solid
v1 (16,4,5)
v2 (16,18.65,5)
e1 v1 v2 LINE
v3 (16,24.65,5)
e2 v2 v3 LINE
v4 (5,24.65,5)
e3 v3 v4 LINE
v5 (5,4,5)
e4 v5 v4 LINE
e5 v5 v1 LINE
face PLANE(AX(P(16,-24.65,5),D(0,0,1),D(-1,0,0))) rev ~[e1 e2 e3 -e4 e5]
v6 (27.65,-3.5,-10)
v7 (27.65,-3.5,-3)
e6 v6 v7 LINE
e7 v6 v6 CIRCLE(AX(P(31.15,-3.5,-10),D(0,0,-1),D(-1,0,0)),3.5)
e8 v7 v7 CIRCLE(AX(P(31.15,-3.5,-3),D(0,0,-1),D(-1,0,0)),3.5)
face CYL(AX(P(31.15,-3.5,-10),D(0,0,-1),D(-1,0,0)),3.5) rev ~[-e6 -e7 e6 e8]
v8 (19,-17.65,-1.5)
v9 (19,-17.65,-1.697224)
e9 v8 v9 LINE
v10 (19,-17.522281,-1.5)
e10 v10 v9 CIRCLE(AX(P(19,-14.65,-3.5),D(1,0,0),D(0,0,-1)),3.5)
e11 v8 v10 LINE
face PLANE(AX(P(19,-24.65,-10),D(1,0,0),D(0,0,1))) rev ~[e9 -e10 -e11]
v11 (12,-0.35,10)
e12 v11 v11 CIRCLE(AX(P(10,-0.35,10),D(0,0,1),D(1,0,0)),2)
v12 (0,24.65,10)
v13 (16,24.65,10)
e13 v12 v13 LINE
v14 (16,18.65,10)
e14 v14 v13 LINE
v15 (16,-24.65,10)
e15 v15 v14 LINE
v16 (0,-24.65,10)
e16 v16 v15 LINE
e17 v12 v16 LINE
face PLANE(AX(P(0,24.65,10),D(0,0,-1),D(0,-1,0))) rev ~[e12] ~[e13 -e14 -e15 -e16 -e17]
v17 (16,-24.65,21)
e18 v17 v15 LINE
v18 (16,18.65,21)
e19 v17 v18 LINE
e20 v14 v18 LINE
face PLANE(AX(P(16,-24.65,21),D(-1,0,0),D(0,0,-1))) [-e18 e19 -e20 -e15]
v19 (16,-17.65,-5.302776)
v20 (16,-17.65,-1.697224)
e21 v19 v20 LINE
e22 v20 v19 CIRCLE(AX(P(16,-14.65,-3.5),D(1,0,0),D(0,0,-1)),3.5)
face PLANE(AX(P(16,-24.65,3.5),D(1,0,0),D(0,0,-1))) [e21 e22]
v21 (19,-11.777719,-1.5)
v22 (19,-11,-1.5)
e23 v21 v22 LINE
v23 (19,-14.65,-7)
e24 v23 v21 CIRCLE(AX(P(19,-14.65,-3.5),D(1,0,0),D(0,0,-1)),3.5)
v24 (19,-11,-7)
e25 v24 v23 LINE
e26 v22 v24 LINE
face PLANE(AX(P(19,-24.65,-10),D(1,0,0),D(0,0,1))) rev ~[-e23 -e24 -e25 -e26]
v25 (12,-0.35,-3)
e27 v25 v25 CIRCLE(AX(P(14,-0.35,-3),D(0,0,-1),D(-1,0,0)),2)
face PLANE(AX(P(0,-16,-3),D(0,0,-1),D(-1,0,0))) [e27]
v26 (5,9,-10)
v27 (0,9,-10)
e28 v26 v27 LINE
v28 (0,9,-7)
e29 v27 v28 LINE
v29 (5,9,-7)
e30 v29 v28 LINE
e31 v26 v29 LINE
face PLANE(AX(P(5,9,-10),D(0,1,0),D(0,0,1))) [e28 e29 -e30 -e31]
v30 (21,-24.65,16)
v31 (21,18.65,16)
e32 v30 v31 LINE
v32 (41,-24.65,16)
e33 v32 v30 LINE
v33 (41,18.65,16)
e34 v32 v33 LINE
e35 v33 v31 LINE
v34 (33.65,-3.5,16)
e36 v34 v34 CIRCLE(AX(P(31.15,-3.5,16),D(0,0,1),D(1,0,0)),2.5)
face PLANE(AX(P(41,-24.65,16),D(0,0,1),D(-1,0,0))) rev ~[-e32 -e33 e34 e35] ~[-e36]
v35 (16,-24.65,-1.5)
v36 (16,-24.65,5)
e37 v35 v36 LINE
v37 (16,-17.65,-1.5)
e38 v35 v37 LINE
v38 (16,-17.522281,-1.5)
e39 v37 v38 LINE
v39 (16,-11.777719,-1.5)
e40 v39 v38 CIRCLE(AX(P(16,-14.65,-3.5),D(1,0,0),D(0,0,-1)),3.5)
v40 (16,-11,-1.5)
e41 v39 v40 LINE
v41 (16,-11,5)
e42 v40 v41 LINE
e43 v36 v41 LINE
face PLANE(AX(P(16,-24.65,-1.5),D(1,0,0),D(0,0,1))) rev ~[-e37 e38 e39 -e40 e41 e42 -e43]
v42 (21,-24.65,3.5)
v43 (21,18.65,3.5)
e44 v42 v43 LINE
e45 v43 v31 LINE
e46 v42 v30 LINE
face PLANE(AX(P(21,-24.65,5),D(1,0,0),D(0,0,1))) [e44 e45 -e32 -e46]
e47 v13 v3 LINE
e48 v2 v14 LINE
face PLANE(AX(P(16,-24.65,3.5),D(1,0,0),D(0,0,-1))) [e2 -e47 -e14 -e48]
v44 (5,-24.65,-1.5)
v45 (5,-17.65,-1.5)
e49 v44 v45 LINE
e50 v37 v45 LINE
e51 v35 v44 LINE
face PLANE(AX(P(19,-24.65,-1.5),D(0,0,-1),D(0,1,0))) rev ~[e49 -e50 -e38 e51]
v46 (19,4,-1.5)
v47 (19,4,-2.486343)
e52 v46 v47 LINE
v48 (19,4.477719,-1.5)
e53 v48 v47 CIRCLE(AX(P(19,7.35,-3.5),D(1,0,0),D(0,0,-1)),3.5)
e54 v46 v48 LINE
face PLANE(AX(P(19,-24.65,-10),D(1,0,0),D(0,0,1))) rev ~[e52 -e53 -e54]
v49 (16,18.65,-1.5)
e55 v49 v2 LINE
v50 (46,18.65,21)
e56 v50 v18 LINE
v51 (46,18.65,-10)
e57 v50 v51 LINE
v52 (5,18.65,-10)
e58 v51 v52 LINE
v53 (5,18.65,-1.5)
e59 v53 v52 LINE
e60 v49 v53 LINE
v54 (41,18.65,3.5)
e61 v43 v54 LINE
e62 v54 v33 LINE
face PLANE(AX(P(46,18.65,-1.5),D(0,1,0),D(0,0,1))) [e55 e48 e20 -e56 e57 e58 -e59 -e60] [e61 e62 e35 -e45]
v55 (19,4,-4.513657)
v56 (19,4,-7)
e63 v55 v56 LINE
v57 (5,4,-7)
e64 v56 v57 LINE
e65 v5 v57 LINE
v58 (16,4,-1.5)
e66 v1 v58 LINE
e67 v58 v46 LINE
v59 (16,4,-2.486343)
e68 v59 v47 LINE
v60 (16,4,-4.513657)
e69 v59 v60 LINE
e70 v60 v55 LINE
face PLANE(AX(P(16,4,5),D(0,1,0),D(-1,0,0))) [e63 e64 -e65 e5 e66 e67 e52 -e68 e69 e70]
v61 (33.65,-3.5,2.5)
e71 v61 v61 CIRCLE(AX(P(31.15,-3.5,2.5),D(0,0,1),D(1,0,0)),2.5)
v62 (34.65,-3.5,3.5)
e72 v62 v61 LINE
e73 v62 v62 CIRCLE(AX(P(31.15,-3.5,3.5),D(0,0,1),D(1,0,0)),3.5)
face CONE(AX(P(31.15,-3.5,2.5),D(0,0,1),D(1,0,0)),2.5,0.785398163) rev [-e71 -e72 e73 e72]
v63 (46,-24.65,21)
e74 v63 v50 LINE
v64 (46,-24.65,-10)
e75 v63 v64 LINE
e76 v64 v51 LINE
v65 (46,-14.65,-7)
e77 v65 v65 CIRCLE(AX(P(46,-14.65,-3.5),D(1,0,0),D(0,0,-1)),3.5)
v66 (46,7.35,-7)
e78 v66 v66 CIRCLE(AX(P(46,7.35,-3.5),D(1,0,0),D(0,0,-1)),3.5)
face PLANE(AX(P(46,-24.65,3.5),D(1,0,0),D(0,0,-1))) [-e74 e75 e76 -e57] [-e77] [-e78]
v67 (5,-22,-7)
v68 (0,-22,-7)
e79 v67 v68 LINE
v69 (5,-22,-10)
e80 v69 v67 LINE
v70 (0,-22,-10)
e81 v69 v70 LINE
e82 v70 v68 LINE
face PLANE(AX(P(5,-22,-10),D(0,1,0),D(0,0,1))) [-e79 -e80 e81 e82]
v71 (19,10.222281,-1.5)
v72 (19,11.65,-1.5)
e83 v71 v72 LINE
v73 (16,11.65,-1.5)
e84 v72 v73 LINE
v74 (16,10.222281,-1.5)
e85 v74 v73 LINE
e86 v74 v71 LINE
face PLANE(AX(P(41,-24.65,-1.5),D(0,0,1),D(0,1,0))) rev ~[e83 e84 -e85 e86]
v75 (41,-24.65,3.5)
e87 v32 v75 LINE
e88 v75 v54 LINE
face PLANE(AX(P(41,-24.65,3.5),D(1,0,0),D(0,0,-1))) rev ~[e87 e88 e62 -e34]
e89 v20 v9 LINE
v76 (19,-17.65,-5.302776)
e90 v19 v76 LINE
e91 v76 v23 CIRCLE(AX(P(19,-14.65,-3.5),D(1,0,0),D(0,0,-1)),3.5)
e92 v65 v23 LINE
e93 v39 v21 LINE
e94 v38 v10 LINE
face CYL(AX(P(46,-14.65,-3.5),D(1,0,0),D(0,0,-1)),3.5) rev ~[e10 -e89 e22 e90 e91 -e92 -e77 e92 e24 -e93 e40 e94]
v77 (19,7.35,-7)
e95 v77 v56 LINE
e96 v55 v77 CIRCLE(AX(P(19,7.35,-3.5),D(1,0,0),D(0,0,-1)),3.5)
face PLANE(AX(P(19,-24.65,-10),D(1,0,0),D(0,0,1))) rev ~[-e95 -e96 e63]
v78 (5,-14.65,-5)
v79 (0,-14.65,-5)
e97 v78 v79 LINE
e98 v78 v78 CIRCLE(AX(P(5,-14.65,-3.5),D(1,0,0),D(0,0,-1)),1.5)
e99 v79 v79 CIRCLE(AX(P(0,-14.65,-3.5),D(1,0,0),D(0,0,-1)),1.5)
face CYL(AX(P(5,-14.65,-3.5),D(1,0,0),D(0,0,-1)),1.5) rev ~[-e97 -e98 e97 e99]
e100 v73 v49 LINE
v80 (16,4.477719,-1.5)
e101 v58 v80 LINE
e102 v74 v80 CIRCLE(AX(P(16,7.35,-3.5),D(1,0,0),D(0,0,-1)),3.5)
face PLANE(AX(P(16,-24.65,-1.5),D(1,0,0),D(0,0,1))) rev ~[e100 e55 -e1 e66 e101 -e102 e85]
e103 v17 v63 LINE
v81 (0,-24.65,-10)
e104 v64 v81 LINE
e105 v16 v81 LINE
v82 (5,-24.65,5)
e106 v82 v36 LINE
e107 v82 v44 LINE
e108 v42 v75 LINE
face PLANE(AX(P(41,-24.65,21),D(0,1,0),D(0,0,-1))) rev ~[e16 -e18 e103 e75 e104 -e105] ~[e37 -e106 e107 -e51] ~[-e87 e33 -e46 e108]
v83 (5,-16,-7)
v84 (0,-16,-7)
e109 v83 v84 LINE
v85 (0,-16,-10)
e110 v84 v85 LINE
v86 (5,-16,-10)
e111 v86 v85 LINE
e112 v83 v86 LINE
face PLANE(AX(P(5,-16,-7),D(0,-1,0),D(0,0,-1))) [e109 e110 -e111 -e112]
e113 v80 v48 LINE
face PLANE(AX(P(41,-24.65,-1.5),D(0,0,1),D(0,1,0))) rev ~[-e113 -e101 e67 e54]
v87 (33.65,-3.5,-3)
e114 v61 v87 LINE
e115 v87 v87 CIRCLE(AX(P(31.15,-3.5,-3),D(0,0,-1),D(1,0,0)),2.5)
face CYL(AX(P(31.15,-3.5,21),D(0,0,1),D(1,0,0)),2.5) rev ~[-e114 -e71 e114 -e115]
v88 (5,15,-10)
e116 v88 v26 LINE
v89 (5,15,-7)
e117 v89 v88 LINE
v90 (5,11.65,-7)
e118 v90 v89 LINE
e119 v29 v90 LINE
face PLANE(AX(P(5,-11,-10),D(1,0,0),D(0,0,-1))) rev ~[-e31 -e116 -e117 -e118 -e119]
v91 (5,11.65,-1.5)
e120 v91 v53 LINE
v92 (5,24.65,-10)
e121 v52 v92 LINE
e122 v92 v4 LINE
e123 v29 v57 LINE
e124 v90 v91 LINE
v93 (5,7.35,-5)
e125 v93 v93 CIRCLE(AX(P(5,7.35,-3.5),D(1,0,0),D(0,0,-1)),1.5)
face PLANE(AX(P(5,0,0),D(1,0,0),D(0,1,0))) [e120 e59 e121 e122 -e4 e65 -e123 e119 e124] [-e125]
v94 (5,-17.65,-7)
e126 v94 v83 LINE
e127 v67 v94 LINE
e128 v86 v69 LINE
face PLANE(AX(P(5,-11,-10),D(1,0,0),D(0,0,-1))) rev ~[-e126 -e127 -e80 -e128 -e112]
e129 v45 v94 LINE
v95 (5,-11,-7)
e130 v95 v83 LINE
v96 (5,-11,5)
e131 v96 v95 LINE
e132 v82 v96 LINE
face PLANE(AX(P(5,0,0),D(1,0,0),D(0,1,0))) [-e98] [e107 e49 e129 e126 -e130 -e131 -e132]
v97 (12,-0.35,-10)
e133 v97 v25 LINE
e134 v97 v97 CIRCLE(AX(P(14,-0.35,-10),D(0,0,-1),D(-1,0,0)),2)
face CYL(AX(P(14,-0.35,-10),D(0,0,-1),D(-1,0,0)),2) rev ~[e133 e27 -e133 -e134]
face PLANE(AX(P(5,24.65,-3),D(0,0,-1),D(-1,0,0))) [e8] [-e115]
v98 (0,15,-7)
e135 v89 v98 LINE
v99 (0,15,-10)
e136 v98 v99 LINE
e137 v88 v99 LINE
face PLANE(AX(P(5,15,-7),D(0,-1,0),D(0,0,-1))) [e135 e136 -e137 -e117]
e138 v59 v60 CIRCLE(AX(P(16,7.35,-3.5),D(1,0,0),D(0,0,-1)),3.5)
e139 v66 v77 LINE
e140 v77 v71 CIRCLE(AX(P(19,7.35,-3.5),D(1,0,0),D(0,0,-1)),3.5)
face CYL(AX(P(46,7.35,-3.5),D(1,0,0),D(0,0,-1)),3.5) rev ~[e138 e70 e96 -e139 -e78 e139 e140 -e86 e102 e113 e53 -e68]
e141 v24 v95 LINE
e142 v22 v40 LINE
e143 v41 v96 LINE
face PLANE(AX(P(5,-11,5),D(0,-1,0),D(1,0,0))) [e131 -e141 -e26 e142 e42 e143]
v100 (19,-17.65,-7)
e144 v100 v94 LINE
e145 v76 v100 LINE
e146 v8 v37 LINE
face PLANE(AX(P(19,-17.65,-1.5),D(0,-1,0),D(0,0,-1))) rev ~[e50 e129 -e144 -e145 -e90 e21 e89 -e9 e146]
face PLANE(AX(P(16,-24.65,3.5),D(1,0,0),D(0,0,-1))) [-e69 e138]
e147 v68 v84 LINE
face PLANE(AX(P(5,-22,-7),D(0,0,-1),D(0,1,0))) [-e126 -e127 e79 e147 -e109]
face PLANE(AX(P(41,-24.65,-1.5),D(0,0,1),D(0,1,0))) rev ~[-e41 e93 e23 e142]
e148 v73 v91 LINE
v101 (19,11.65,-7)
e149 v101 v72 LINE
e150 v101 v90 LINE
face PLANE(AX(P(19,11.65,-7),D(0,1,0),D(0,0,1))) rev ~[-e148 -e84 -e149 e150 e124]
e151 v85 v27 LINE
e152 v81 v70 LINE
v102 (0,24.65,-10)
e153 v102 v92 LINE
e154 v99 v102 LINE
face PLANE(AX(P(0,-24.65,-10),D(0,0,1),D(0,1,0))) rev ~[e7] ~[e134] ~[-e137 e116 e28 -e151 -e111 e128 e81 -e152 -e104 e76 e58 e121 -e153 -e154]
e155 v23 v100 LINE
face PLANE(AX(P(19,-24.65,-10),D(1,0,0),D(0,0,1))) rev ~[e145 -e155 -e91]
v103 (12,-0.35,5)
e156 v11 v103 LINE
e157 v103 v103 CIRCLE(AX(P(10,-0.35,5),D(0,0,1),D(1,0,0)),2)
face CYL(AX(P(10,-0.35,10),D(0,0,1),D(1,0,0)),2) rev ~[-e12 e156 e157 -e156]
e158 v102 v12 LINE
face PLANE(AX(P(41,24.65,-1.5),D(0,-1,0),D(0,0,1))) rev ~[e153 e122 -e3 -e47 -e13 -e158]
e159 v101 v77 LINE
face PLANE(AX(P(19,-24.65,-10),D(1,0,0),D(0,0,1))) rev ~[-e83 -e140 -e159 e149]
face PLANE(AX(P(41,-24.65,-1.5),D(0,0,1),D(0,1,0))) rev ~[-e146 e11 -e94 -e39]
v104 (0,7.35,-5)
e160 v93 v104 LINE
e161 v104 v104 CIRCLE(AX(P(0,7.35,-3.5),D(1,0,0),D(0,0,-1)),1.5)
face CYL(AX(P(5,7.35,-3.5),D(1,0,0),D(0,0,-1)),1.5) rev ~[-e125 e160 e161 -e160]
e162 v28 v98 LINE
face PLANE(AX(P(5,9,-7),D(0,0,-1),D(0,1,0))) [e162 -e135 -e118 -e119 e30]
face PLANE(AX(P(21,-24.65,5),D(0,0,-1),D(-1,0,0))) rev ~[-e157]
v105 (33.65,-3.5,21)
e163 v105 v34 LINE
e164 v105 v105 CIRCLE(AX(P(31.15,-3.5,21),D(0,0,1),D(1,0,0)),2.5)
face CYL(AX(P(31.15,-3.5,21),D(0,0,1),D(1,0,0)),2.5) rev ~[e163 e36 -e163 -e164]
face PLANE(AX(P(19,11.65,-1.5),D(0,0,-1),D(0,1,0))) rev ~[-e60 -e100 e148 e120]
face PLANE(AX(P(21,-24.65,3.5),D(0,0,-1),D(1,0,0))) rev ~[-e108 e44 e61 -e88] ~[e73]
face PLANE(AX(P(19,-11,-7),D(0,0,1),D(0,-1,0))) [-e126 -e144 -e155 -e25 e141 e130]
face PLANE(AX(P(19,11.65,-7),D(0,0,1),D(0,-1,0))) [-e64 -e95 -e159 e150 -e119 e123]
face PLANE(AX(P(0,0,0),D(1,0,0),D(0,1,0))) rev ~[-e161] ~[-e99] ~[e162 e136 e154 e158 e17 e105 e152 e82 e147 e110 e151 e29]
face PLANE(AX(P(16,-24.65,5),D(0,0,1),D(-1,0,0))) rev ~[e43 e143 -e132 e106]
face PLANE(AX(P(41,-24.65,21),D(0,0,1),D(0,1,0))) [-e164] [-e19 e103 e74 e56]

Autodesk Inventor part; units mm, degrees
ref_plane "YZ Plane" through (0, 0, 0) normal (1, 0, 0) x (0, 1, 0)
ref_plane "XZ Plane" through (0, 0, 0) normal (0, 1, 0) x (-1, 0, 0)
ref_plane "XY Plane" through (0, 0, 0) normal (0, 0, 1) x (1, 0, 0)
sketch "Boceto15" plane through (0, 0, 0) normal (1, 0, 0) x (0, 1, 0)
  line L0 (24.65, 10) -> (-24.65, 10)
  line L1 (-24.65, 10) -> (-24.65, -10)
  line L2 (-24.65, -10) -> (24.65, -10)
  line L3 (24.65, -10) -> (24.65, 10)
  line L4 (0, -2.1261) -> (0, 0)
  line L5 (0, 0) -> (1.5481, 0)
  dimension "d52" = 49.3
  dimension "d53" = 20
extrude "Extrusión12" add sketch "Boceto15" along normal blind 5
sketch "Boceto16" plane through (5, 0, 0) normal (1, 0, 0) x (0, 0, -1)
  circle A0 centre (3.5, -14.65) radius 1.5
  line L0 (10, -24.65) -> (10, 24.65) projected
  line L1 (-10, -24.65) -> (10, -24.65) projected
  circle A1 centre (3.5, 7.35) radius 1.5
  point P0 (0, 0)
  dimension "d56" = 6.5
  dimension "d57" = 10
  dimension "d58" = 3
  dimension "d59" = 3
  dimension "d60" = 32
  dimension "d61" = 6.5
extrude "Extrusión13" cut sketch "Boceto16" against normal through all
sketch "Boceto17" plane through (0, -24.65, -10) normal (0, -1, 0) x (1, 0, 0)
  line L0 (5, 20) -> (5, 0) projected
  line L1 (5, 20) -> (16, 20)
  line L2 (16, 20) -> (16, 15)
  line L3 (16, 15) -> (5, 15)
  line L4 (5, 15) -> (5, 20)
  line L5 (16, 15) -> (21, 15)
  line L6 (21, 15) -> (21, 31)
  line L7 (21, 31) -> (16, 31)
  line L8 (16, 31) -> (16, 15)
  line L9 (21, 31) -> (41, 31)
  line L10 (41, 31) -> (41, 26)
  line L11 (41, 26) -> (21, 26)
  line L12 (21, 26) -> (21, 31)
  point P0 (0, 10)
  dimension "d64" = 11
  dimension "d65" = 5
  dimension "d66" = 5
  dimension "d67" = 16
  dimension "d91" = 20
  dimension "d92" = 5
extrude "Extrusión14" add sketch "Boceto17" against normal up to surface (49.3 mm away)
sketch "Boceto18" plane through (0, -24.65, 10) normal (0, 0, 1) x (1, 0, 0)
  circle A0 centre (10, 24.3) radius 2
  line L0 (0, 0) -> (16, 0) projected
  line L1 (0, 49.3) -> (0, 0) projected
  point P0 (0, 24.65)
  dimension "d70" = 24.3
  dimension "d71" = 10
  dimension "d127" = 4
extrude "Extrusión15" cut sketch "Boceto18" against normal up to surface (5 mm away)
sketch "Boceto19" plane through (5, 0, 0) normal (1, 0, 0) x (0, 0, -1)
  line L0 (10, -24.65) -> (10, 24.65) projected
  line L1 (10, -22) -> (7, -22)
  line L2 (7, -22) -> (7, -16)
  line L3 (7, -16) -> (10, -16)
  line L4 (10, -16) -> (10, -22)
  line L5 (10, 9) -> (7, 9)
  line L6 (7, 9) -> (7, 15)
  line L7 (7, 15) -> (10, 15)
  line L8 (10, 15) -> (10, 9)
  line L9 (7, 12) -> (8.4797, 12)
  line L10 (7, -19) -> (9.1788, -19)
  line L11 (-5, -24.65) -> (10, -24.65) projected
  point P0 (0, 0)
  dimension "d74" = 5.65
  dimension "d75" = 6
  dimension "d76" = 6
  dimension "d77" = 31
  dimension "d78" = 3
extrude "Extrusión16" cut sketch "Boceto19" against normal through all
sketch "Boceto20" plane through (21, -24.65, 5) normal (0, 0, -1) x (-1, 0, 0)
  line L0 (16, 49.3) -> (16, 0) projected
  line L1 (5, 0) -> (5, 49.3) projected
  line L2 (2, 0) -> (2, 49.3)
  line L3 (16, 8.65) -> (16, 33.65) projected
  line L4 (2, 28.65) -> (16, 28.65)
  line L5 (16, 28.65) -> (16, 13.65)
  line L6 (16, 13.65) -> (0, 13.65)
  line L7 (2, 13.65) -> (2, 28.65)
  line L8 (21, 33.65) -> (16, 33.65) projected
  point P0 (2, 13.65)
  dimension "d85" = 5
  dimension "d86" = 15
  dimension "d94" = 14
extrude "Extrusión17" add sketch "Boceto20" along normal up to surface (15 mm away)
sketch "Boceto21" plane through (0, -16, -10) normal (0, 0, -1) x (-1, 0, 0)
  circle A0 centre (-10, 15.65) radius 2 projected
  circle A1 centre (-14, 15.65) radius 2
  line L0 (-14, 15.65) -> (-14.5246, 15.65)
  line L1 (-10, 15.65) -> (-9.1195, 15.65)
  line L2 (-21, -8.65) -> (-21, 40.65) projected
  point P0 (0, 16)
  dimension "d87" = 4
  dimension "d106" = 7
extrude "Extrusión18" cut sketch "Boceto21" against normal blind 7 contours A1
sketch "Boceto22" plane through (0, -24.65, -10) normal (0, -1, 0) x (1, 0, 0)
  line L0 (21, 15) -> (21, 26) projected
  line L1 (21, 13.5) -> (41, 13.5)
  line L2 (41, 13.5) -> (41, 8.5)
  line L3 (41, 8.5) -> (21, 8.5)
  line L4 (21, 8.5) -> (21, 13.5)
  line L5 (21, 26) -> (41, 26) projected
  line L6 (16, 31) -> (16, 20) projected
  line L7 (21, 8.5) -> (16, 8.5)
  line L8 (16, 8.5) -> (16, 20)
  line L9 (16, 20) -> (21, 20)
  line L10 (21, 20) -> (21, 8.5)
  point P0 (0, 10)
  dimension "d95" = 5
  dimension "d96" = 12.5
extrude "Extrusión19" add sketch "Boceto22" against normal up to surface (49.3 mm away)
sketch "Boceto24" plane through (41, -24.65, 3.5) normal (1, 0, 0) x (0, 0, -1)
  line L0 (-17.5, 0) -> (-17.5, 49.3) projected
  line L1 (5, 0) -> (5, 49.3) projected
  line L2 (-17.5, 0) -> (5, 0)
  line L3 (5, 0) -> (5, 49.3)
  line L4 (5, 49.3) -> (-17.5, 49.3)
  line L5 (-17.5, 49.3) -> (-17.5, 0)
  point P0 (3.5, 24.65)
extrude "Extrusión21" add sketch "Boceto24" along normal blind 5
sketch "Boceto26" plane through (46, -24.65, 3.5) normal (1, 0, 0) x (0, 0, -1)
  line L0 (-17.5, 49.3) -> (-6.5, 49.3) projected
  line L1 (5, 28.65) -> (5, 49.3) projected
  line L2 (-17.5, 49.3) -> (5, 49.3)
  line L3 (5, 49.3) -> (5, 43.3)
  line L4 (5, 43.3) -> (-17.5, 43.3)
  line L5 (-17.5, 43.3) -> (-17.5, 49.3)
  point P0 (3.5, 24.65)
  point P1 (-6.5, 49.3)
  dimension "d111" = 6
extrude "Extrusión23" cut sketch "Boceto26" against normal up to surface (30 mm away)
sketch "Boceto25" plane through (19, -11, -10) normal (1, 0, 0) x (0, 0, -1)
  line L0 (-15, -13.65) -> (0, -13.65) projected
  line L1 (-8.5, -13.65) -> (-8.5, 0) projected
  line L2 (0, -13.65) -> (-8.5, -13.65)
  line L3 (-8.5, -13.65) -> (-8.5, -6.65)
  line L4 (-8.5, -6.65) -> (0, -6.65)
  line L5 (0, -6.65) -> (0, -13.65)
  line L6 (-8.5, 0) -> (0, 0) projected
  line L7 (0, 0) -> (-3, 0)
  line L8 (-3, 0) -> (-3, -6.65)
  line L9 (-3, -6.65) -> (0, -6.65)
  line L10 (0, -6.65) -> (0, 0)
  line L11 (-8.5, 15) -> (-8.5, 29.65) projected
  line L12 (-8.5, 29.65) -> (0, 29.65)
  line L13 (0, 29.65) -> (0, 22.65)
  line L14 (0, 22.65) -> (-8.5, 22.65)
  line L15 (-8.5, 22.65) -> (-8.5, 29.65)
  line L16 (-8.5, 15) -> (0, 15) projected
  line L17 (0, 22.65) -> (-3, 22.65)
  line L18 (-3, 22.65) -> (-3, 15)
  line L19 (-3, 15) -> (0, 15)
  line L20 (0, 15) -> (0, 22.65)
  point P0 (-10, 11)
  point P1 (0, -6.65)
  point P2 (-3, 0)
  dimension "d107" = 7
  dimension "d108" = 3
  dimension "d114" = 7
extrude "Extrusión22" add sketch "Boceto25" against normal up to surface (14 mm away) contours L1 L4 L5 L0 | L4 L8 L6 L10 | L11 L12 L13 L14 | L18 L14 L20 L16
sketch "Boceto27" plane through (0, -24.65, -10) normal (0, -1, 0) x (1, 0, 0)
  line L0 (19, 0) -> (19, 8.5) projected
  line L1 (46, 8.5) -> (46, 31) projected
  line L2 (19, 0) -> (46, 0)
  line L3 (46, 0) -> (46, 8.5)
  line L4 (46, 8.5) -> (19, 8.5)
  line L5 (19, 8.5) -> (19, 0)
  point P0 (0, 10)
extrude "Extrusión24" add sketch "Boceto27" against normal up to surface (43.3 mm away)
sketch "Boceto23" plane through (16, -24.65, 21) normal (0, 0, 1) x (1, 0, 0)
  circle A0 centre (15.15, 21.15) radius 2.5
  line L0 (0, 0) -> (0, 49.3) projected
  line L1 (25, 0) -> (0, 0) projected
  point P0 (-16, 24.65)
  dimension "d99" = 15.15
  dimension "d100" = 21.15
  dimension "d103" = 5
extrude "Extrusión20" cut sketch "Boceto23" against normal through all
sketch "Boceto28" plane through (5, 24.65, -10) normal (0, 0, -1) x (-1, 0, 0)
  circle A0 centre (-26.15, -28.15) radius 2.5 projected
  circle A1 centre (-26.15, -28.15) radius 3.5
  point P0 (5, -24.65)
  dimension "d117" = 7
extrude "Extrusión25" cut sketch "Boceto28" against normal blind 7
sketch "Boceto29" plane through (46, -24.65, 3.5) normal (1, 0, 0) x (0, 0, -1)
  circle A0 centre (7, 10) radius 1.5 projected
  circle A1 centre (7, 32) radius 1.5 projected
  circle A2 centre (7, 32) radius 3.5
  circle A3 centre (7, 10) radius 3.5
  point P0 (3.5, 24.65)
  dimension "d120" = 7
  dimension "d121" = 7
extrude "Extrusión26" cut sketch "Boceto29" against normal up to surface (30 mm away) contours A0 | A1 | A2 | A3
chamfer "Chaflán1" distance 1 angle 45 1 edges at (28.65, -3.5, 3.5)
equation "\"d59\" = d58"
equation "\"d61\" = d56"
equation "\"d76\" = d75"
properties part number "Base Idler Izq" material "Resina fenólica"
